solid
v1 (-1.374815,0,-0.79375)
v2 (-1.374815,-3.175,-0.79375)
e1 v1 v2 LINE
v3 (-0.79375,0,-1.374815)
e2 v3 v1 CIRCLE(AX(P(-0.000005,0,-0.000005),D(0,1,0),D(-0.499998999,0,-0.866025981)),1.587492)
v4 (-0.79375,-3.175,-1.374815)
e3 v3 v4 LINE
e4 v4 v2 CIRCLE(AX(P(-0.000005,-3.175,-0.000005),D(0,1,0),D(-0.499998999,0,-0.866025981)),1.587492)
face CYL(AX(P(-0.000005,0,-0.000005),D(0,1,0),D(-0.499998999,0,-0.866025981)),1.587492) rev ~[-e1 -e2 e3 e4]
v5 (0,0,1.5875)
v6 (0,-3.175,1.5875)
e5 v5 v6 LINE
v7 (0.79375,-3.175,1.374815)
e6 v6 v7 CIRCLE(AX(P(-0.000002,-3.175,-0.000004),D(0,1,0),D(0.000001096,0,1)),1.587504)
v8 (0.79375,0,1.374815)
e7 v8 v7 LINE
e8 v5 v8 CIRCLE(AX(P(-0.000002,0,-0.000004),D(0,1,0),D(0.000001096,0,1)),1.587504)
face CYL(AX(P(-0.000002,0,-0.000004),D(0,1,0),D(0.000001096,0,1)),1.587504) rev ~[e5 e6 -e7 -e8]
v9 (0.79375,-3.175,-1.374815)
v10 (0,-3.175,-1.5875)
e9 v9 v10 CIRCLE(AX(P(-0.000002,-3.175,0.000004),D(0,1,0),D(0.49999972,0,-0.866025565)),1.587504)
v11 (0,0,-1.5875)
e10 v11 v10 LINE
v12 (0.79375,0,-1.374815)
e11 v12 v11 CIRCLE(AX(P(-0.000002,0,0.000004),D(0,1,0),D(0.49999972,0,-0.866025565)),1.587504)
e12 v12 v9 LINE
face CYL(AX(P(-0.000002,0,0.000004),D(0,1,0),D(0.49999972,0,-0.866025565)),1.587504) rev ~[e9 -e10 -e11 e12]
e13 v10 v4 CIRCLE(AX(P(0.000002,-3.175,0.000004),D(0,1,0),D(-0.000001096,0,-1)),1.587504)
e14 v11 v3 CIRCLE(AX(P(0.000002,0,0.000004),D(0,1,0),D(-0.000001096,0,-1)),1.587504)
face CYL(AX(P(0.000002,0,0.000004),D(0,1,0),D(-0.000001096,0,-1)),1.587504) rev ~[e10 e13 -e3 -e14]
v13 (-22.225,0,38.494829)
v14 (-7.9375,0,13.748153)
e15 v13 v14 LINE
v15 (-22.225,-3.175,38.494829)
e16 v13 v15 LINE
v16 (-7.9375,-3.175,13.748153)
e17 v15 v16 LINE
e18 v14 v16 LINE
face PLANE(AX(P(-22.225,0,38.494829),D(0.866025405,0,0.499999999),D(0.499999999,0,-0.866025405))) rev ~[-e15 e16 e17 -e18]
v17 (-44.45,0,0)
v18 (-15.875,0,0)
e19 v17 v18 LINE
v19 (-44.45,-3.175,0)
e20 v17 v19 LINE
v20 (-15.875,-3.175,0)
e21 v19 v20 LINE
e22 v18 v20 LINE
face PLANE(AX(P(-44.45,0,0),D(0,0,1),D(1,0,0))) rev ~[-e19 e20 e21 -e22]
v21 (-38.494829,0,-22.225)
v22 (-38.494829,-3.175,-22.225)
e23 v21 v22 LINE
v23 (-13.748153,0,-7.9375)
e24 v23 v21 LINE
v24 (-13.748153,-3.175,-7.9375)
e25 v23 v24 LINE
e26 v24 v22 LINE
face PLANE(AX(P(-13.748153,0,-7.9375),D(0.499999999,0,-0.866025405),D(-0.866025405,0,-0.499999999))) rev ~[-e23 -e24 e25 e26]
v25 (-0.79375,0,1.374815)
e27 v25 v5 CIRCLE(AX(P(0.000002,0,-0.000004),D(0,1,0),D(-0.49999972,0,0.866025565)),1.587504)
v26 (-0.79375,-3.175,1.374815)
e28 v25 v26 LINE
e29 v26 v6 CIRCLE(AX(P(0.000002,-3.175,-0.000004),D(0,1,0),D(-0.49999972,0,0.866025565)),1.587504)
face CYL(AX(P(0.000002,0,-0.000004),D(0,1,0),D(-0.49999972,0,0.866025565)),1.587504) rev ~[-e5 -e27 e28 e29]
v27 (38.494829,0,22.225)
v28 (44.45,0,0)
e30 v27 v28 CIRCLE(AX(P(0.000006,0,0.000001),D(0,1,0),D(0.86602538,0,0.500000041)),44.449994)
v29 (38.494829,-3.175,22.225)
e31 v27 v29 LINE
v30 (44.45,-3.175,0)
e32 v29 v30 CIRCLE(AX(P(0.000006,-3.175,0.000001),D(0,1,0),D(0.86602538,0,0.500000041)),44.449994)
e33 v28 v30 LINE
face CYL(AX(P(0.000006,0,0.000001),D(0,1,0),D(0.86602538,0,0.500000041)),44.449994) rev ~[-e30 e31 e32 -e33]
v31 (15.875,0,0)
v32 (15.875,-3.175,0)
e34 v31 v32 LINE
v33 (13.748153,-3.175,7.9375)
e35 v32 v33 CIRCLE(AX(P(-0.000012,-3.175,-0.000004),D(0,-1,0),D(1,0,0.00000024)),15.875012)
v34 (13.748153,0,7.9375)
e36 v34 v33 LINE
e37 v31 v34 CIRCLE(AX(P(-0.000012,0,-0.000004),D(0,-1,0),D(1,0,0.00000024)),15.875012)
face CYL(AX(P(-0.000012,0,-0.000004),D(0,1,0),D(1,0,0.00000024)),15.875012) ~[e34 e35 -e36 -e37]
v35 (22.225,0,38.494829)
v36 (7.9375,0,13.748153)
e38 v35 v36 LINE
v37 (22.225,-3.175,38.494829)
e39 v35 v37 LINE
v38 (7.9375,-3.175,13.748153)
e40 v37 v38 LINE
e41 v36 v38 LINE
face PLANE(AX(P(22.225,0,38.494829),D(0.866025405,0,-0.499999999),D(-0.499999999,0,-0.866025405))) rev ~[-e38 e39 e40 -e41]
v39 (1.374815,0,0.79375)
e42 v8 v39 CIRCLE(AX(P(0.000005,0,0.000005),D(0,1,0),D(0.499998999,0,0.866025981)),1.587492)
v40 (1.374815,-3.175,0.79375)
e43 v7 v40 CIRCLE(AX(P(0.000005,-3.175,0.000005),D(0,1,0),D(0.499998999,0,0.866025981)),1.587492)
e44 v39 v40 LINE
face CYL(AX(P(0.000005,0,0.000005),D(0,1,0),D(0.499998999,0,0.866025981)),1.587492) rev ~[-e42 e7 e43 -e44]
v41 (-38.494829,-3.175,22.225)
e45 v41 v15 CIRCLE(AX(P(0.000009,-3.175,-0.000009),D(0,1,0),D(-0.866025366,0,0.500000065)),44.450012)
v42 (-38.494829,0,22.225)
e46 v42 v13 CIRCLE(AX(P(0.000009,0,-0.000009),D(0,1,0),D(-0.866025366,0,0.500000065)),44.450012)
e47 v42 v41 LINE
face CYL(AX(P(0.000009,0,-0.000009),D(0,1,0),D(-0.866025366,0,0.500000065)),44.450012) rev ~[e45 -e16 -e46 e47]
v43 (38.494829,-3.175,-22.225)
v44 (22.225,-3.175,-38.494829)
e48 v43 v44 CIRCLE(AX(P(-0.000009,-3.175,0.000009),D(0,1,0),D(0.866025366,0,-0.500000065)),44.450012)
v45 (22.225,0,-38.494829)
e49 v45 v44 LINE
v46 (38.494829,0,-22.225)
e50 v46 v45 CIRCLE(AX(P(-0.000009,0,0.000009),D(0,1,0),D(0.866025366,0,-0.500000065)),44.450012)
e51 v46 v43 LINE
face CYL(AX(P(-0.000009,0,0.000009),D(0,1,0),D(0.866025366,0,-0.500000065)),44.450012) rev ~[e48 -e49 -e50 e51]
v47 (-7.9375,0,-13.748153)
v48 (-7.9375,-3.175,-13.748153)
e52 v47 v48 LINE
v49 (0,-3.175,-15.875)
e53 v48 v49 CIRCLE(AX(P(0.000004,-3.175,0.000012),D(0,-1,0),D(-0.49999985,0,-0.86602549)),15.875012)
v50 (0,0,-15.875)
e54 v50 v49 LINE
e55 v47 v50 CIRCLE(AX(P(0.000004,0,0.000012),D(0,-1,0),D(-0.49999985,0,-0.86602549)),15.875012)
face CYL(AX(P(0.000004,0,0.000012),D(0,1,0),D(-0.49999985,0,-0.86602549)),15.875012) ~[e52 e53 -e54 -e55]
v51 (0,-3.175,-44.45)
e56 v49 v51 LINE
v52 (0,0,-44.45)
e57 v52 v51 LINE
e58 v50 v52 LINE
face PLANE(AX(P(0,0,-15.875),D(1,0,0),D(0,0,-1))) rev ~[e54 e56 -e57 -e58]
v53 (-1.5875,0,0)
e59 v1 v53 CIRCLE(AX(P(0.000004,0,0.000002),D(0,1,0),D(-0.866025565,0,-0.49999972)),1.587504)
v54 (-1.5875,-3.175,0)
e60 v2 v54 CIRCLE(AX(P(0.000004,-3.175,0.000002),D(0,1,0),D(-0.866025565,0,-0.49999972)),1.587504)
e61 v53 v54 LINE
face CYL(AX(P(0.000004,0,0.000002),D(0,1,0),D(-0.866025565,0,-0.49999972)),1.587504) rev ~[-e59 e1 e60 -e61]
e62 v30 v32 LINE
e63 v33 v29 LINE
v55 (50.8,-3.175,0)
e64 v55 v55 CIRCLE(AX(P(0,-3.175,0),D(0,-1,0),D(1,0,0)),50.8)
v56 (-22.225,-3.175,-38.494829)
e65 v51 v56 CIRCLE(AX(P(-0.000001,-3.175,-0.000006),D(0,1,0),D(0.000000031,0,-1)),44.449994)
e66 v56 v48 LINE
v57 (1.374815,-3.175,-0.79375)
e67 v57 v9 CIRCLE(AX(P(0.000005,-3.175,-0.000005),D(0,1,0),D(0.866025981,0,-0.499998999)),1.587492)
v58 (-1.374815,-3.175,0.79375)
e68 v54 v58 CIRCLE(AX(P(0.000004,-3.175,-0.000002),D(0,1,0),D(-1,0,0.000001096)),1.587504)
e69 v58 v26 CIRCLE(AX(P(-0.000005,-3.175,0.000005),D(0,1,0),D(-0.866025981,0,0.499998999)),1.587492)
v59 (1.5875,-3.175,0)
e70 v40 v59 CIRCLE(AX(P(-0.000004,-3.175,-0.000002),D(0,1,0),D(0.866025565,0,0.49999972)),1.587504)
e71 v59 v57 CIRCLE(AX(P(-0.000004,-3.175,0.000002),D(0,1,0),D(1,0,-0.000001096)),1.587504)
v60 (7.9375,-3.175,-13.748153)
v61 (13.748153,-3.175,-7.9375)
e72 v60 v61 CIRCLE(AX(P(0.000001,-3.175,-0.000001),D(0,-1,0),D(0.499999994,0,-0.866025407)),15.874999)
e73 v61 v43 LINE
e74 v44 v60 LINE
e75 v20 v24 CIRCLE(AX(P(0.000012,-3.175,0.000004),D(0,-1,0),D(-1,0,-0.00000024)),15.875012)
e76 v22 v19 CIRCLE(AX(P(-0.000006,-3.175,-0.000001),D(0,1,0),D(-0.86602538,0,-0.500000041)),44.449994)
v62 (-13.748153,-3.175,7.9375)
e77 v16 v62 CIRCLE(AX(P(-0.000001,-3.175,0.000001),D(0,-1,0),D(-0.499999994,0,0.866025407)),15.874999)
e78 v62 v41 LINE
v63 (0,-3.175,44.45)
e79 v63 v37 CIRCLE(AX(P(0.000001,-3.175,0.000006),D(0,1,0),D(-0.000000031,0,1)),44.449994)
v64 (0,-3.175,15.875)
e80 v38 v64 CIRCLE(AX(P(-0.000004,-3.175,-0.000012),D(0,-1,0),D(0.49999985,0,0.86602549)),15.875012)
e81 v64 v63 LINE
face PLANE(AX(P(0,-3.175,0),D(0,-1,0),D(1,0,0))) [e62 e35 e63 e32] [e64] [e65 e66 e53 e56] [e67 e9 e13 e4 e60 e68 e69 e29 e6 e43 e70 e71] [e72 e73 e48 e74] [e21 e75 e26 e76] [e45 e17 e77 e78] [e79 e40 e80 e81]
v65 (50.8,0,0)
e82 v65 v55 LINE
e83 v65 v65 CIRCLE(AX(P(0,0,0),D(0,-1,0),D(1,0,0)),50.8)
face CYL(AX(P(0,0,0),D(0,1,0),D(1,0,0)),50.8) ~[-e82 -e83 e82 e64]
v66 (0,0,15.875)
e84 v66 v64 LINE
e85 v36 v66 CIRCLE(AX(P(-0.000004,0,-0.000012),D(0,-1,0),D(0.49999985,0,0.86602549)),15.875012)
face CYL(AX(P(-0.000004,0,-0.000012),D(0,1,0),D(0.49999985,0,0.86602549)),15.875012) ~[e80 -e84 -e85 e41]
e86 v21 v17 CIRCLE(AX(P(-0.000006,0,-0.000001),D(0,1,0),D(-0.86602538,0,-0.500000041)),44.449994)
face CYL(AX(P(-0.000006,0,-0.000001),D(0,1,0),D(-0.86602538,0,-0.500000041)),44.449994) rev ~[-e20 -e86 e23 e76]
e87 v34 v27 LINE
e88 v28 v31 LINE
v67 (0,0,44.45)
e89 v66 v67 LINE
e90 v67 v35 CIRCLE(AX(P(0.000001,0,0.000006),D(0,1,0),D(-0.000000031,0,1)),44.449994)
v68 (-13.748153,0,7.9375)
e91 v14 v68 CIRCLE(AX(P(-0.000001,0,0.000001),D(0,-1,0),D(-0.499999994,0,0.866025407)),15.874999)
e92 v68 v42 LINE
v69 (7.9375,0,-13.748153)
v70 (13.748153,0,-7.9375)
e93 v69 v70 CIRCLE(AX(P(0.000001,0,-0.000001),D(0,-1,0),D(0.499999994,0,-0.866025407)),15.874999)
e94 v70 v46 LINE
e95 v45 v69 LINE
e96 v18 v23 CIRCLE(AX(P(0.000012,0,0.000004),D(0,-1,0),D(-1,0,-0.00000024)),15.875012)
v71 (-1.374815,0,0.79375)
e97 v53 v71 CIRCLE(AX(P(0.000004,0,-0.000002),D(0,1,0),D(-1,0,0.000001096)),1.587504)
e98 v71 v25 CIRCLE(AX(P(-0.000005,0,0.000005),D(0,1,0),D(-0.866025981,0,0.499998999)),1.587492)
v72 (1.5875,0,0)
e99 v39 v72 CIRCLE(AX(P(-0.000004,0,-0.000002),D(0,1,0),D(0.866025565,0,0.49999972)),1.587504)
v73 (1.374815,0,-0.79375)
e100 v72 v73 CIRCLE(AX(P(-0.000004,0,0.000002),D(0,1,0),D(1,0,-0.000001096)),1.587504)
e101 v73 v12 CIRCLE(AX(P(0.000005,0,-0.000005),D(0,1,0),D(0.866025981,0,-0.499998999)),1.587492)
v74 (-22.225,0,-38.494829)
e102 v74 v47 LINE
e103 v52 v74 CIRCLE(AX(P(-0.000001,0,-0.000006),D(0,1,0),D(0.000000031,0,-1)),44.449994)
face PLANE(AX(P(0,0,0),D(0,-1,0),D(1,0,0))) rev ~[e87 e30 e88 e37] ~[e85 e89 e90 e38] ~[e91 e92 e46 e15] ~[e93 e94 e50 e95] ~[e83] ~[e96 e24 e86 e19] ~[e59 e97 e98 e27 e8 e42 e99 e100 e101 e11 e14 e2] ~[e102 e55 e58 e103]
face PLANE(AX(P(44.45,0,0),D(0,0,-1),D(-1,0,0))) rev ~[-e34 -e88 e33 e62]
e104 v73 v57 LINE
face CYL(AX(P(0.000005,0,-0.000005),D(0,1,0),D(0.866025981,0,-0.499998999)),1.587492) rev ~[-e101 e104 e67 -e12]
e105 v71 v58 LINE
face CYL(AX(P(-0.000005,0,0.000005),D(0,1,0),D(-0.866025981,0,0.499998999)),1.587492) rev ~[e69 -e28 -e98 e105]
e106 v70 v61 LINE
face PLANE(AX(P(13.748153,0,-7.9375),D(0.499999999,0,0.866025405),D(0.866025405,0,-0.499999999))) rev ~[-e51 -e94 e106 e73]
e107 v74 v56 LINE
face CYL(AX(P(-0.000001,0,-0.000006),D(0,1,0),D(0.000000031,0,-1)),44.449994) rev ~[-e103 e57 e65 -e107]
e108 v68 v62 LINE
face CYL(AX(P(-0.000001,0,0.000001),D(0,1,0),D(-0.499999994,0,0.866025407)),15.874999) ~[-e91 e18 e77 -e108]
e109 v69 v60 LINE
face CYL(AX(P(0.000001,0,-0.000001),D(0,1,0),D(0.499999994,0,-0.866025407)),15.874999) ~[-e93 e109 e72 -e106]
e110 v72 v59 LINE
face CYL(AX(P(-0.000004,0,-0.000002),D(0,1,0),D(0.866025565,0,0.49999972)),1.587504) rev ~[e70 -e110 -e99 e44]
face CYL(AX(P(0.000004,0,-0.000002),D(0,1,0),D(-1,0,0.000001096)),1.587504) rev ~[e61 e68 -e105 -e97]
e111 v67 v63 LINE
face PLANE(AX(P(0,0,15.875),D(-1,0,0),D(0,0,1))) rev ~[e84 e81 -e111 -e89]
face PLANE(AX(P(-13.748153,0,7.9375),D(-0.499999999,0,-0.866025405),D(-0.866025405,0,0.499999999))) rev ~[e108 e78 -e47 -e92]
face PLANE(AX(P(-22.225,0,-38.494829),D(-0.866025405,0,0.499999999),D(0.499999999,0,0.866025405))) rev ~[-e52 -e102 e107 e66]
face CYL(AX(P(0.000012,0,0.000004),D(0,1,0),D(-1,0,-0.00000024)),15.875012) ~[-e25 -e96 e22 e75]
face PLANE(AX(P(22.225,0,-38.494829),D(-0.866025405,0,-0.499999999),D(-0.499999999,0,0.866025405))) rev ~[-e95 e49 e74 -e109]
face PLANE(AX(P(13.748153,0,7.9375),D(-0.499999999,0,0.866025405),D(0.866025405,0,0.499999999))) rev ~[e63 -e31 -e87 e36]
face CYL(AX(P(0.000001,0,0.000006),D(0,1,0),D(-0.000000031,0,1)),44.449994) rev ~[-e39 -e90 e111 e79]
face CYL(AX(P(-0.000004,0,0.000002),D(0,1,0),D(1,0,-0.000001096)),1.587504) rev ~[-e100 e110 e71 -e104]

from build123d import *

# Parameters (mm, degrees)
F0_R     = 50.8
F1_DEPTH = 3.175


with BuildPart() as f1:
    # F0 (on Front) → F1 (new body)
    with BuildSketch(Plane.XZ):
        Circle(F0_R)
        with BuildLine():
            ThreePointArc((-38.494829, 22.225), (-31.430896, 31.430896), (-22.225, 38.494829))
            Line((-22.225, 38.494829), (-7.9375, 13.748153))
            ThreePointArc((-7.9375, 13.748153), (-4.108752, 15.334072), (0, 15.875))
            Line((0, 15.875), (0, 44.45))
            ThreePointArc((0, 44.45), (11.504507, 42.935403), (22.225, 38.494829))
            Line((22.225, 38.494829), (7.9375, 13.748153))
            ThreePointArc((7.9375, 13.748153), (11.22532, 11.22532), (13.748153, 7.9375))
            Line((13.748153, 7.9375), (38.494829, 22.225))
            ThreePointArc((38.494829, 22.225), (42.935403, 11.504507), (44.45, 0))
            Line((44.45, 0), (15.875, 0))
            ThreePointArc((15.875, 0), (15.334072, -4.108752), (13.748153, -7.9375))
            Line((13.748153, -7.9375), (38.494829, -22.225))
            ThreePointArc((38.494829, -22.225), (31.430896, -31.430896), (22.225, -38.494829))
            Line((22.225, -38.494829), (7.9375, -13.748153))
            ThreePointArc((7.9375, -13.748153), (4.108752, -15.334072), (0, -15.875))
            Line((0, -15.875), (0, -44.45))
            ThreePointArc((0, -44.45), (-11.504507, -42.935403), (-22.225, -38.494829))
            Line((-22.225, -38.494829), (-7.9375, -13.748153))
            ThreePointArc((-7.9375, -13.748153), (-11.22532, -11.22532), (-13.748153, -7.9375))
            Line((-13.748153, -7.9375), (-38.494829, -22.225))
            ThreePointArc((-38.494829, -22.225), (-42.935403, -11.504507), (-44.45, 0))
            Line((-44.45, 0), (-15.875, 0))
            ThreePointArc((-15.875, 0), (-15.334072, 4.108752), (-13.748153, 7.9375))
            Line((-13.748153, 7.9375), (-38.494829, 22.225))
        make_face(mode=Mode.SUBTRACT)
        with BuildLine():
            ThreePointArc((0, 15.875), (-4.108752, 15.334072), (-7.9375, 13.748153))
            ThreePointArc((-7.9375, 13.748153), (-11.22532, 11.22532), (-13.748153, 7.9375))
            ThreePointArc((-13.748153, 7.9375), (-15.334072, 4.108752), (-15.875, 0))
            ThreePointArc((-15.875, 0), (-15.334072, -4.108752), (-13.748153, -7.9375))
            ThreePointArc((-13.748153, -7.9375), (-11.22532, -11.22532), (-7.9375, -13.748153))
            ThreePointArc((-7.9375, -13.748153), (-4.108752, -15.334072), (0, -15.875))
            ThreePointArc((0, -15.875), (4.108752, -15.334072), (7.9375, -13.748153))
            ThreePointArc((7.9375, -13.748153), (11.22532, -11.22532), (13.748153, -7.9375))
            ThreePointArc((13.748153, -7.9375), (15.334072, -4.108752), (15.875, 0))
            ThreePointArc((15.875, 0), (15.334072, 4.108752), (13.748153, 7.9375))
            ThreePointArc((13.748153, 7.9375), (11.22532, 11.22532), (7.9375, 13.748153))
            ThreePointArc((7.9375, 13.748153), (4.108752, 15.334072), (0, 15.875))
        make_face()
        with BuildLine():
            ThreePointArc((1.374815, 0.79375), (1.533407, 0.410875), (1.5875, 0))
            ThreePointArc((1.5875, 0), (1.533407, -0.410875), (1.374815, -0.79375))
            ThreePointArc((1.374815, -0.79375), (1.122532, -1.122532), (0.79375, -1.374815))
            ThreePointArc((0.79375, -1.374815), (0.410875, -1.533407), (0, -1.5875))
            ThreePointArc((0, -1.5875), (-0.410875, -1.533407), (-0.79375, -1.374815))
            ThreePointArc((-0.79375, -1.374815), (-1.122532, -1.122532), (-1.374815, -0.79375))
            ThreePointArc((-1.374815, -0.79375), (-1.533407, -0.410875), (-1.5875, 0))
            ThreePointArc((-1.5875, 0), (-1.533407, 0.410875), (-1.374815, 0.79375))
            ThreePointArc((-1.374815, 0.79375), (-1.122532, 1.122532), (-0.79375, 1.374815))
            ThreePointArc((-0.79375, 1.374815), (-0.410875, 1.533407), (0, 1.5875))
            ThreePointArc((0, 1.5875), (0.410875, 1.533407), (0.79375, 1.374815))
            ThreePointArc((0.79375, 1.374815), (1.122532, 1.122532), (1.374815, 0.79375))
        make_face(mode=Mode.SUBTRACT)
    extrude(amount=F1_DEPTH)


solid = f1.part
